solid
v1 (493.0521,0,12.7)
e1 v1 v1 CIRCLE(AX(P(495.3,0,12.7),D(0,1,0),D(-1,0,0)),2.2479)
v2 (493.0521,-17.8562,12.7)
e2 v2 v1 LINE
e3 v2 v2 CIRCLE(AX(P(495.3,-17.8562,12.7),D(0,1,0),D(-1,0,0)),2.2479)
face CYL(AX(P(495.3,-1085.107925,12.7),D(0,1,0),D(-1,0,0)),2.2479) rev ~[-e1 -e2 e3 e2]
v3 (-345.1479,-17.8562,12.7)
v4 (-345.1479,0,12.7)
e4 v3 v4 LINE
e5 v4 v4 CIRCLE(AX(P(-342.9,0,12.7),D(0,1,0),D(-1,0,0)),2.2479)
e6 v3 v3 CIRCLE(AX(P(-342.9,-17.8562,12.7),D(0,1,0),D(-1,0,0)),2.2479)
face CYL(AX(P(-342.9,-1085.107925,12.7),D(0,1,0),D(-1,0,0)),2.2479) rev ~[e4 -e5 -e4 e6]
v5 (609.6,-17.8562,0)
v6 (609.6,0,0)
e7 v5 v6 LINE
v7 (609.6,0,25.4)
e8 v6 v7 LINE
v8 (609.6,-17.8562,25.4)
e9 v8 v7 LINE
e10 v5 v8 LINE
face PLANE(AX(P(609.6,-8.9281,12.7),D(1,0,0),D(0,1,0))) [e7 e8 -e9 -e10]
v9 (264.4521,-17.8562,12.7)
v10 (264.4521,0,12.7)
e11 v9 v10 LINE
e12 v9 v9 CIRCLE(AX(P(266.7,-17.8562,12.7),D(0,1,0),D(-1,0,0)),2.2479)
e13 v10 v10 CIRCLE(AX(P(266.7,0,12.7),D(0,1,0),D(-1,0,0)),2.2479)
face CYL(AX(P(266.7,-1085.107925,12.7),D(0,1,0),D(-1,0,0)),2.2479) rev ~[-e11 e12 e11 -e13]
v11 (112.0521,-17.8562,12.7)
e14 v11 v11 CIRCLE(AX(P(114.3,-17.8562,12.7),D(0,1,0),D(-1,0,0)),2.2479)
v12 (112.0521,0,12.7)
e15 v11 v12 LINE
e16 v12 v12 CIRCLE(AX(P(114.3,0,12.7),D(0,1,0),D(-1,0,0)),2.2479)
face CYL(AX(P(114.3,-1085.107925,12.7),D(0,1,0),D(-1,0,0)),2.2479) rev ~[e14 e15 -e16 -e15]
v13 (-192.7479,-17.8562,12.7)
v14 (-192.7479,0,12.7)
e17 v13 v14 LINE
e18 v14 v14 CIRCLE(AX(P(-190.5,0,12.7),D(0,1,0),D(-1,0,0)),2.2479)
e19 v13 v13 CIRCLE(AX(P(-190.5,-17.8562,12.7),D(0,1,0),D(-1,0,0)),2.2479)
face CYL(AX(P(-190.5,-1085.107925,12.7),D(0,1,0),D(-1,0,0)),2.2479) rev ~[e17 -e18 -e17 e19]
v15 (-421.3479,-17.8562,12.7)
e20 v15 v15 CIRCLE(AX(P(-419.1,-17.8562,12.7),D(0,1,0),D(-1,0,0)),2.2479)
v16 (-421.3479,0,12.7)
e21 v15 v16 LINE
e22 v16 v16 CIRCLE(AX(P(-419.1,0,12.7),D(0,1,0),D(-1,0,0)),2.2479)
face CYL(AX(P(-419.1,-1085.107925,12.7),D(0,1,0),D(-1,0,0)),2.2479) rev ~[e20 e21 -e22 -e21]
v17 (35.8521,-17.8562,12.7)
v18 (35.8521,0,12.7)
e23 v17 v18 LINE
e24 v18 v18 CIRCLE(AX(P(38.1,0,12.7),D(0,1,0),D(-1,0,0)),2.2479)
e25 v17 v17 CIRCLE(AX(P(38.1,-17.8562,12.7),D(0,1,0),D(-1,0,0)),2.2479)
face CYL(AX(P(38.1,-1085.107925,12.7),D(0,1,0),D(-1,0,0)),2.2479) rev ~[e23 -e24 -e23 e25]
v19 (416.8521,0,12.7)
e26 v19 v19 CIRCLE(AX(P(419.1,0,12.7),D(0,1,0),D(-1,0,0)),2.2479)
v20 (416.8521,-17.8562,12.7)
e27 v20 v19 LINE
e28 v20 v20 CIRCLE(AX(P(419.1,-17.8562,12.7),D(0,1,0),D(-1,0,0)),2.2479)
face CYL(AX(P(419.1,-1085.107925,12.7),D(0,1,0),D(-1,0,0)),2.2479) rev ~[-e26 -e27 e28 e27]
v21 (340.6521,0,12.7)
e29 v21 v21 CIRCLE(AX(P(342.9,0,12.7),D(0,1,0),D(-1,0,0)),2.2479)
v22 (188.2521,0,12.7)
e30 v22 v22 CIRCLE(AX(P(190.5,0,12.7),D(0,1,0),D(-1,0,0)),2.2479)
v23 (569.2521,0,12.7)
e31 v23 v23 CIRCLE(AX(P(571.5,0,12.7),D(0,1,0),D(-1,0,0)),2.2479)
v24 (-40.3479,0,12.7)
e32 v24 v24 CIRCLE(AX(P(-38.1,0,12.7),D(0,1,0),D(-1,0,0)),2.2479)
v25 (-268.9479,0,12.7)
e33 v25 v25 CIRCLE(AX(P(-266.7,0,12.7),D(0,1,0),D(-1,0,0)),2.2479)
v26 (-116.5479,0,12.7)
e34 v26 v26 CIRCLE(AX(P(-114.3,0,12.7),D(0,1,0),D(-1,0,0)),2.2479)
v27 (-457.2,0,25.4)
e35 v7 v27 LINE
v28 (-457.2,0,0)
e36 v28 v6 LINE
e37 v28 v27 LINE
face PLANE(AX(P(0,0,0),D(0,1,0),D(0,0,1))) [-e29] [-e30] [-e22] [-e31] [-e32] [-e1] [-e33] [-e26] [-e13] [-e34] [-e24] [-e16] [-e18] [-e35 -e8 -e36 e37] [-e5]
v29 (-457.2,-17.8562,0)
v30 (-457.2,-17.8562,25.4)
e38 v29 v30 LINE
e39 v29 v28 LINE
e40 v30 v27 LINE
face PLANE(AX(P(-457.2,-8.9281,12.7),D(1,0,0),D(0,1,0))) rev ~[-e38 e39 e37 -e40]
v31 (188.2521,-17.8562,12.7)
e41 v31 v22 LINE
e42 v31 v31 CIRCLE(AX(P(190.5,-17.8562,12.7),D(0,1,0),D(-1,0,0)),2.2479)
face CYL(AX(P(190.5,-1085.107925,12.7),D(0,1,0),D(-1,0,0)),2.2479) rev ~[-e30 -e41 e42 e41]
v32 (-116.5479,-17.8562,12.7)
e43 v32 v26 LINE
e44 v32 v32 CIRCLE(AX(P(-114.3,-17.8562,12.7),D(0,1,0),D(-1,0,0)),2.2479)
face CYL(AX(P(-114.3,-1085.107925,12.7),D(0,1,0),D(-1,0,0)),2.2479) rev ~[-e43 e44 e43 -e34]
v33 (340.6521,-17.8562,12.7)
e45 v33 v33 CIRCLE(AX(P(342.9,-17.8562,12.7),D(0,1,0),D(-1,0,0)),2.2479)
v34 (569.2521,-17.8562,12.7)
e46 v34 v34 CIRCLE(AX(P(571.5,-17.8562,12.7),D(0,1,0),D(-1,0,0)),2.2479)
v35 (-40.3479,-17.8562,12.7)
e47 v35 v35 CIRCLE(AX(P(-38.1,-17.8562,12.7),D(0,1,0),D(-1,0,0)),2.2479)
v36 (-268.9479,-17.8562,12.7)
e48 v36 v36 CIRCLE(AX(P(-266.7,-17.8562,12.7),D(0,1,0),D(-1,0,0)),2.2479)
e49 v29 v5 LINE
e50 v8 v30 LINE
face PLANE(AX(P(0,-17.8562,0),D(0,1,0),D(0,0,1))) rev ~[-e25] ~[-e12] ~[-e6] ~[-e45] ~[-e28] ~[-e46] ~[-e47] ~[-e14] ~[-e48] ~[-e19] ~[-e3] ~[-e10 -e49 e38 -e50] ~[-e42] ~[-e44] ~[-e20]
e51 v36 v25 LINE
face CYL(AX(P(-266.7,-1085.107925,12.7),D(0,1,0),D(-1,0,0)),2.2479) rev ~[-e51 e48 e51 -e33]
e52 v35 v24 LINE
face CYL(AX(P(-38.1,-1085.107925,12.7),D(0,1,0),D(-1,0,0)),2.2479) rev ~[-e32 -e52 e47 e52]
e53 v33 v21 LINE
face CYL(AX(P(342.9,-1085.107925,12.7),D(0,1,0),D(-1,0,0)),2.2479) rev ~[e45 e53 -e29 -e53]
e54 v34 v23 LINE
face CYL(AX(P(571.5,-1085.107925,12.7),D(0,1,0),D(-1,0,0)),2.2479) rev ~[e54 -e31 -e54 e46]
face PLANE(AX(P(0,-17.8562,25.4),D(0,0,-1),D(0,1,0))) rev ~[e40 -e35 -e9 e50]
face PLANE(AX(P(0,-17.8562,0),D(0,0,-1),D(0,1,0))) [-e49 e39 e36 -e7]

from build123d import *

# Parameters (mm, degrees)
F0_W          = 17.8562
F0_H          = 25.4
F1_DEPTH      = 609.6
F1_DEPTH_BACK = 457.2
F3_D          = 4.4958


with BuildPart() as f1:
    # F0 (on Right) → F1 (new body, two sides)
    with BuildSketch(Plane.YZ) as f1_sk:
        with Locations((-8.9281, 12.7)):
            Rectangle(F0_W, F0_H)
    extrude(amount=F1_DEPTH)
    extrude(f1_sk.sketch, amount=-F1_DEPTH_BACK)

    # F3 (through all)
    with Locations(Plane.XZ.offset(17.8562)):
        with Locations((-419.1, 12.7), (-342.9, 12.7), (-266.7, 12.7), (-190.5, 12.7), (-114.3, 12.7), (-38.1, 12.7), (38.1, 12.7), (114.3, 12.7), (190.5, 12.7), (266.7, 12.7), (342.9, 12.7), (419.1, 12.7), (495.3, 12.7), (571.5, 12.7)):
            Hole(F3_D / 2)


solid = f1.part
